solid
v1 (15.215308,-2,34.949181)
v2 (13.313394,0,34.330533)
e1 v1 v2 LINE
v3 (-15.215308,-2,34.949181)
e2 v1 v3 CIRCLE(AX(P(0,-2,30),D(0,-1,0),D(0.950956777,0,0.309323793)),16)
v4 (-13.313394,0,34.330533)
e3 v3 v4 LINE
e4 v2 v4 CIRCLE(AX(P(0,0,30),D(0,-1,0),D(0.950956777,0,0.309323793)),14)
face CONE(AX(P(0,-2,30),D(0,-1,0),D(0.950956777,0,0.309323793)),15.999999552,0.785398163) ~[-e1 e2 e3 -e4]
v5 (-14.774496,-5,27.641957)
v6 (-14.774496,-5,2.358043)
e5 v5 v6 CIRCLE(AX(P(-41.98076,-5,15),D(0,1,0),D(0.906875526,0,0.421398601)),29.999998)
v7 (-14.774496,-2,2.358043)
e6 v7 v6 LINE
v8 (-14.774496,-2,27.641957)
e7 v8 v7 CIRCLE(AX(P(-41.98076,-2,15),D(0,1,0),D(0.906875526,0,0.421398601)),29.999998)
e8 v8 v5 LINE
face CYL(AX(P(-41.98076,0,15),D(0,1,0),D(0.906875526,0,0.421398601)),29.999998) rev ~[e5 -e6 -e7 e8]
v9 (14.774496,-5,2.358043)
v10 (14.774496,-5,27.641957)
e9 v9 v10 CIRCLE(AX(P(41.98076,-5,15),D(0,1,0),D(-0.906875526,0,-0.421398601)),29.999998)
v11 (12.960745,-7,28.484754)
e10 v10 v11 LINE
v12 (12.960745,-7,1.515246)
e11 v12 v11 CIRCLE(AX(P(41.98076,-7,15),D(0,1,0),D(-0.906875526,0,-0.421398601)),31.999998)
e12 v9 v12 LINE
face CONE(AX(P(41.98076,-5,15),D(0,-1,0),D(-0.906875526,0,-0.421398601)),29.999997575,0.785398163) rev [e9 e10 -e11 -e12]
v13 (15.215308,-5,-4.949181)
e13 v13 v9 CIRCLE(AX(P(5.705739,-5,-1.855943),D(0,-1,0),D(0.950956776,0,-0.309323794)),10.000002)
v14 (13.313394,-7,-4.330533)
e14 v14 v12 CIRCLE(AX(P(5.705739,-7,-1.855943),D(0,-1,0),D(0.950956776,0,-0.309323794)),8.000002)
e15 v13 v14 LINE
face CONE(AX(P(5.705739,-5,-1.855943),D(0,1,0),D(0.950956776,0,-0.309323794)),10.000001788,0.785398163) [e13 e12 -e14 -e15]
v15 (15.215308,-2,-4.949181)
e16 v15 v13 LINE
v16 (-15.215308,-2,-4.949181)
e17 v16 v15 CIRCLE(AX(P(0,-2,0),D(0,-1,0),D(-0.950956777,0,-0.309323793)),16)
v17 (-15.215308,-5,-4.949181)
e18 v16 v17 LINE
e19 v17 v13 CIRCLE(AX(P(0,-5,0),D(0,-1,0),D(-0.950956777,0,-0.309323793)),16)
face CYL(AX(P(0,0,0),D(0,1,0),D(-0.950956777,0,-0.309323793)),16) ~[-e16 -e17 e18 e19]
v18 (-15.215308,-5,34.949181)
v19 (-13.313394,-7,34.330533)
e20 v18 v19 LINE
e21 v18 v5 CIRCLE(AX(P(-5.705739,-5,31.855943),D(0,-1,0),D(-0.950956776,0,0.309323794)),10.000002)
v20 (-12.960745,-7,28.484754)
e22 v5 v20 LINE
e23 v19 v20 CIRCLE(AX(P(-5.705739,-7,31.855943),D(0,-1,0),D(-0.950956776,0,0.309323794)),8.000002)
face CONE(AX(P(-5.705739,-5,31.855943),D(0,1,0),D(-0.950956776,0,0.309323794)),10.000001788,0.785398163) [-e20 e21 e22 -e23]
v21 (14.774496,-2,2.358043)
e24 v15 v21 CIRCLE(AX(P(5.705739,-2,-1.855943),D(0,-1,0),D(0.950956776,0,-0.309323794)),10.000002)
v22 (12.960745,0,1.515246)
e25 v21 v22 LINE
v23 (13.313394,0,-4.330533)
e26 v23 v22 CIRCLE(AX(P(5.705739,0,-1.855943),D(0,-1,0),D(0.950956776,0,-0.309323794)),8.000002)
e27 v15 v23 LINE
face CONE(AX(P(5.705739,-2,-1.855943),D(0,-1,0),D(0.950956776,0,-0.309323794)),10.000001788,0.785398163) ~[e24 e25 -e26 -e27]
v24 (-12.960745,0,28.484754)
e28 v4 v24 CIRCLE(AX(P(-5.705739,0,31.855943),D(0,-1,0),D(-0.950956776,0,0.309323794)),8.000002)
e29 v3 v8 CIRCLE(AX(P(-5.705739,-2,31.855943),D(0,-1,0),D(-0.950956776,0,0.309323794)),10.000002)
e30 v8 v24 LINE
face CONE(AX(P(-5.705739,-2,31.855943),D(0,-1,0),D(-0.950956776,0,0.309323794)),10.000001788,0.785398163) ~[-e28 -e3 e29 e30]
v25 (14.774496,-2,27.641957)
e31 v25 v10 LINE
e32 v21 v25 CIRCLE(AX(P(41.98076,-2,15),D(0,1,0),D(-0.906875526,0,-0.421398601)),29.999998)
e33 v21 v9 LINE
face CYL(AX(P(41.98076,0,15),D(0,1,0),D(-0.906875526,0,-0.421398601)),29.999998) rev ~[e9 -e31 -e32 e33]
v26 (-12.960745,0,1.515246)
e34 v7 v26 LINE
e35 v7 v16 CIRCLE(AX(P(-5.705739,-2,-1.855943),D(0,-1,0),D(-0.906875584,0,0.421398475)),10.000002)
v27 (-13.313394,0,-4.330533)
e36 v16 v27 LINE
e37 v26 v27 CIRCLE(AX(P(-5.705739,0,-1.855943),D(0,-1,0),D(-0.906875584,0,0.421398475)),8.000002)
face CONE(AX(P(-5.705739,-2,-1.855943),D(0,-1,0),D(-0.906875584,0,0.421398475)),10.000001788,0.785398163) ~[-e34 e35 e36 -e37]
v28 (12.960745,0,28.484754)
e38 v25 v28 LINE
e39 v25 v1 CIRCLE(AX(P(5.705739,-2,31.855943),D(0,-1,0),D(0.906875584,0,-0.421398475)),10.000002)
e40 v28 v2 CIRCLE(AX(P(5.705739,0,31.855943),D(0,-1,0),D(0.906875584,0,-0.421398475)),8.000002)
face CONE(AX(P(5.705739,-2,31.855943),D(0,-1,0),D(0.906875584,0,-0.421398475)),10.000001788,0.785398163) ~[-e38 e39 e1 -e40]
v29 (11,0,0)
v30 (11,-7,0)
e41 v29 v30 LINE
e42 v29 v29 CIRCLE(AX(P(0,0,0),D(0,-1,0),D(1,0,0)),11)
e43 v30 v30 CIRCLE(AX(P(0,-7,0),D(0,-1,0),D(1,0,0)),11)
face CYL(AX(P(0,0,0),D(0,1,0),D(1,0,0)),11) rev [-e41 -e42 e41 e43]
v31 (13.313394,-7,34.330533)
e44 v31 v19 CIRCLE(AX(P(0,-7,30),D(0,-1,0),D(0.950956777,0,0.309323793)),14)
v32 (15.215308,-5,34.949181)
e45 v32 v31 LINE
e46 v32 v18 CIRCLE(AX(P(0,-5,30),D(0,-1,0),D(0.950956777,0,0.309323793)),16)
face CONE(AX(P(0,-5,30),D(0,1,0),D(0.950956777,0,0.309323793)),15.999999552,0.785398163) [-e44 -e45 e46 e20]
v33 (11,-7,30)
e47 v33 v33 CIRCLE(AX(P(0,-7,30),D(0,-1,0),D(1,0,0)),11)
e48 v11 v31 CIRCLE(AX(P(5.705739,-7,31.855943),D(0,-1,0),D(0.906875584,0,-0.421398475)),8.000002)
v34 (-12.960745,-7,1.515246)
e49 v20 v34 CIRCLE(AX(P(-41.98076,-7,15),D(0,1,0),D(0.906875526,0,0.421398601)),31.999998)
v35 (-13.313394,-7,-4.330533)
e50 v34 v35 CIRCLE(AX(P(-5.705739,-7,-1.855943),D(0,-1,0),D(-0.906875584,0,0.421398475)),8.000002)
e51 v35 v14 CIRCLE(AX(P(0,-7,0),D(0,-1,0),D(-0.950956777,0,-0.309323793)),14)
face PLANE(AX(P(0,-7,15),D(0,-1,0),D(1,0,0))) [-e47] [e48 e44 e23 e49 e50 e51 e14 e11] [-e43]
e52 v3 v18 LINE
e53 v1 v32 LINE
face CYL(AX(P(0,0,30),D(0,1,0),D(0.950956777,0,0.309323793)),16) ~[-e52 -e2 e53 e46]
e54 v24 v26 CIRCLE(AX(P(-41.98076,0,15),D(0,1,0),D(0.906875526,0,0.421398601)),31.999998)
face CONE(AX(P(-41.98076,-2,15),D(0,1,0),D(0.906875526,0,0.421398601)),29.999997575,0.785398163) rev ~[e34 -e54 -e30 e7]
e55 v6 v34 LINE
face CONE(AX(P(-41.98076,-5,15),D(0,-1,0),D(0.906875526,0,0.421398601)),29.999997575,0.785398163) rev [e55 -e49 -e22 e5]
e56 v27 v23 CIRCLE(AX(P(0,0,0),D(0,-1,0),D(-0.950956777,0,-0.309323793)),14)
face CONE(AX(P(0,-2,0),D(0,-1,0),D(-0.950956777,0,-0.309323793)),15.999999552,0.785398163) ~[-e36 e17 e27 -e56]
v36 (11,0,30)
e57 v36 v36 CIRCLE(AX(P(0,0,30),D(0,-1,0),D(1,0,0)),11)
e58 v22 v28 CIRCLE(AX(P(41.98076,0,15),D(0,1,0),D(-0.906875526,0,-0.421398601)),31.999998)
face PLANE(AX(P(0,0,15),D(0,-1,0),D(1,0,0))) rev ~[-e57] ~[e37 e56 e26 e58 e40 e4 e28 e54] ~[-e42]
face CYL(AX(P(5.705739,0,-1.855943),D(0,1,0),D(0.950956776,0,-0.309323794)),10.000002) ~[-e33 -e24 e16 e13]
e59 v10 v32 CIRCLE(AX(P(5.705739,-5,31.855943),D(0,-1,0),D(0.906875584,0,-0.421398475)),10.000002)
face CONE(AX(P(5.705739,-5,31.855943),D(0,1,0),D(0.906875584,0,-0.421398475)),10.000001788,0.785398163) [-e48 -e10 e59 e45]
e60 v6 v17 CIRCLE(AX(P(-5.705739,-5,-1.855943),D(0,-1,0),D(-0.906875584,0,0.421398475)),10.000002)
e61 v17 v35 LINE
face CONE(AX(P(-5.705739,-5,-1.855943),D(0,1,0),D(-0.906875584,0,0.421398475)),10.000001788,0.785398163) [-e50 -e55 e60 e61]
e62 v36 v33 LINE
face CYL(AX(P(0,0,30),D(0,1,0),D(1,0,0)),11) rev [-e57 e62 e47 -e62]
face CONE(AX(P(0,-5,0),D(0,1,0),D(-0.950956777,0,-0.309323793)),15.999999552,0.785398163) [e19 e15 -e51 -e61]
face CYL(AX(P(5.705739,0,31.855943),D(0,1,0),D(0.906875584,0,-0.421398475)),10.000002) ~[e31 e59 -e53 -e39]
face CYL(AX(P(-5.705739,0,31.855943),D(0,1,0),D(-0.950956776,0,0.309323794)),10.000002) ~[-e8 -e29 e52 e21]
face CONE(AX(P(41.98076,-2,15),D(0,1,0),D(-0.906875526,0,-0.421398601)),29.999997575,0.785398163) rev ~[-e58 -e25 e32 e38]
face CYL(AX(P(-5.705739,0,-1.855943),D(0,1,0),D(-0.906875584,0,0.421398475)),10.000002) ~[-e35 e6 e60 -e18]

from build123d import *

# Parameters (mm, degrees)
F0_R     = 11
F1_DEPTH = 7
F2_SIZE  = 2


with BuildPart() as f1:
    # F0 (on Front) → F1 (new body)
    with BuildSketch(Plane.XZ):
        with BuildLine():
            ThreePointArc((14.774496, 27.641957), (15.687594, 31.253782), (15.215308, 34.949181))
            ThreePointArc((15.215308, 34.949181), (0, 46), (-15.215308, 34.949181))
            ThreePointArc((-15.215308, 34.949181), (-15.687594, 31.253782), (-14.774496, 27.641957))
            ThreePointArc((-14.774496, 27.641957), (-11.980762, 15), (-14.774496, 2.358043))
            ThreePointArc((-14.774496, 2.358043), (-15.687594, -1.253782), (-15.215308, -4.949181))
            ThreePointArc((-15.215308, -4.949181), (0, -16), (15.215308, -4.949181))
            ThreePointArc((15.215308, -4.949181), (15.687594, -1.253782), (14.774496, 2.358043))
            ThreePointArc((14.774496, 2.358043), (11.980762, 15), (14.774496, 27.641957))
        make_face()
        Circle(F0_R, mode=Mode.SUBTRACT)
        with Locations((0, 30)):
            Circle(F0_R, mode=Mode.SUBTRACT)
    extrude(amount=F1_DEPTH)

    # F2
    f2_edges = [f1.edges().sort_by_distance(p)[0] for p in [
        (0, -7, 46),
        (0, 0, 46),
    ]]
    chamfer(f2_edges, length=F2_SIZE)


solid = f1.part
